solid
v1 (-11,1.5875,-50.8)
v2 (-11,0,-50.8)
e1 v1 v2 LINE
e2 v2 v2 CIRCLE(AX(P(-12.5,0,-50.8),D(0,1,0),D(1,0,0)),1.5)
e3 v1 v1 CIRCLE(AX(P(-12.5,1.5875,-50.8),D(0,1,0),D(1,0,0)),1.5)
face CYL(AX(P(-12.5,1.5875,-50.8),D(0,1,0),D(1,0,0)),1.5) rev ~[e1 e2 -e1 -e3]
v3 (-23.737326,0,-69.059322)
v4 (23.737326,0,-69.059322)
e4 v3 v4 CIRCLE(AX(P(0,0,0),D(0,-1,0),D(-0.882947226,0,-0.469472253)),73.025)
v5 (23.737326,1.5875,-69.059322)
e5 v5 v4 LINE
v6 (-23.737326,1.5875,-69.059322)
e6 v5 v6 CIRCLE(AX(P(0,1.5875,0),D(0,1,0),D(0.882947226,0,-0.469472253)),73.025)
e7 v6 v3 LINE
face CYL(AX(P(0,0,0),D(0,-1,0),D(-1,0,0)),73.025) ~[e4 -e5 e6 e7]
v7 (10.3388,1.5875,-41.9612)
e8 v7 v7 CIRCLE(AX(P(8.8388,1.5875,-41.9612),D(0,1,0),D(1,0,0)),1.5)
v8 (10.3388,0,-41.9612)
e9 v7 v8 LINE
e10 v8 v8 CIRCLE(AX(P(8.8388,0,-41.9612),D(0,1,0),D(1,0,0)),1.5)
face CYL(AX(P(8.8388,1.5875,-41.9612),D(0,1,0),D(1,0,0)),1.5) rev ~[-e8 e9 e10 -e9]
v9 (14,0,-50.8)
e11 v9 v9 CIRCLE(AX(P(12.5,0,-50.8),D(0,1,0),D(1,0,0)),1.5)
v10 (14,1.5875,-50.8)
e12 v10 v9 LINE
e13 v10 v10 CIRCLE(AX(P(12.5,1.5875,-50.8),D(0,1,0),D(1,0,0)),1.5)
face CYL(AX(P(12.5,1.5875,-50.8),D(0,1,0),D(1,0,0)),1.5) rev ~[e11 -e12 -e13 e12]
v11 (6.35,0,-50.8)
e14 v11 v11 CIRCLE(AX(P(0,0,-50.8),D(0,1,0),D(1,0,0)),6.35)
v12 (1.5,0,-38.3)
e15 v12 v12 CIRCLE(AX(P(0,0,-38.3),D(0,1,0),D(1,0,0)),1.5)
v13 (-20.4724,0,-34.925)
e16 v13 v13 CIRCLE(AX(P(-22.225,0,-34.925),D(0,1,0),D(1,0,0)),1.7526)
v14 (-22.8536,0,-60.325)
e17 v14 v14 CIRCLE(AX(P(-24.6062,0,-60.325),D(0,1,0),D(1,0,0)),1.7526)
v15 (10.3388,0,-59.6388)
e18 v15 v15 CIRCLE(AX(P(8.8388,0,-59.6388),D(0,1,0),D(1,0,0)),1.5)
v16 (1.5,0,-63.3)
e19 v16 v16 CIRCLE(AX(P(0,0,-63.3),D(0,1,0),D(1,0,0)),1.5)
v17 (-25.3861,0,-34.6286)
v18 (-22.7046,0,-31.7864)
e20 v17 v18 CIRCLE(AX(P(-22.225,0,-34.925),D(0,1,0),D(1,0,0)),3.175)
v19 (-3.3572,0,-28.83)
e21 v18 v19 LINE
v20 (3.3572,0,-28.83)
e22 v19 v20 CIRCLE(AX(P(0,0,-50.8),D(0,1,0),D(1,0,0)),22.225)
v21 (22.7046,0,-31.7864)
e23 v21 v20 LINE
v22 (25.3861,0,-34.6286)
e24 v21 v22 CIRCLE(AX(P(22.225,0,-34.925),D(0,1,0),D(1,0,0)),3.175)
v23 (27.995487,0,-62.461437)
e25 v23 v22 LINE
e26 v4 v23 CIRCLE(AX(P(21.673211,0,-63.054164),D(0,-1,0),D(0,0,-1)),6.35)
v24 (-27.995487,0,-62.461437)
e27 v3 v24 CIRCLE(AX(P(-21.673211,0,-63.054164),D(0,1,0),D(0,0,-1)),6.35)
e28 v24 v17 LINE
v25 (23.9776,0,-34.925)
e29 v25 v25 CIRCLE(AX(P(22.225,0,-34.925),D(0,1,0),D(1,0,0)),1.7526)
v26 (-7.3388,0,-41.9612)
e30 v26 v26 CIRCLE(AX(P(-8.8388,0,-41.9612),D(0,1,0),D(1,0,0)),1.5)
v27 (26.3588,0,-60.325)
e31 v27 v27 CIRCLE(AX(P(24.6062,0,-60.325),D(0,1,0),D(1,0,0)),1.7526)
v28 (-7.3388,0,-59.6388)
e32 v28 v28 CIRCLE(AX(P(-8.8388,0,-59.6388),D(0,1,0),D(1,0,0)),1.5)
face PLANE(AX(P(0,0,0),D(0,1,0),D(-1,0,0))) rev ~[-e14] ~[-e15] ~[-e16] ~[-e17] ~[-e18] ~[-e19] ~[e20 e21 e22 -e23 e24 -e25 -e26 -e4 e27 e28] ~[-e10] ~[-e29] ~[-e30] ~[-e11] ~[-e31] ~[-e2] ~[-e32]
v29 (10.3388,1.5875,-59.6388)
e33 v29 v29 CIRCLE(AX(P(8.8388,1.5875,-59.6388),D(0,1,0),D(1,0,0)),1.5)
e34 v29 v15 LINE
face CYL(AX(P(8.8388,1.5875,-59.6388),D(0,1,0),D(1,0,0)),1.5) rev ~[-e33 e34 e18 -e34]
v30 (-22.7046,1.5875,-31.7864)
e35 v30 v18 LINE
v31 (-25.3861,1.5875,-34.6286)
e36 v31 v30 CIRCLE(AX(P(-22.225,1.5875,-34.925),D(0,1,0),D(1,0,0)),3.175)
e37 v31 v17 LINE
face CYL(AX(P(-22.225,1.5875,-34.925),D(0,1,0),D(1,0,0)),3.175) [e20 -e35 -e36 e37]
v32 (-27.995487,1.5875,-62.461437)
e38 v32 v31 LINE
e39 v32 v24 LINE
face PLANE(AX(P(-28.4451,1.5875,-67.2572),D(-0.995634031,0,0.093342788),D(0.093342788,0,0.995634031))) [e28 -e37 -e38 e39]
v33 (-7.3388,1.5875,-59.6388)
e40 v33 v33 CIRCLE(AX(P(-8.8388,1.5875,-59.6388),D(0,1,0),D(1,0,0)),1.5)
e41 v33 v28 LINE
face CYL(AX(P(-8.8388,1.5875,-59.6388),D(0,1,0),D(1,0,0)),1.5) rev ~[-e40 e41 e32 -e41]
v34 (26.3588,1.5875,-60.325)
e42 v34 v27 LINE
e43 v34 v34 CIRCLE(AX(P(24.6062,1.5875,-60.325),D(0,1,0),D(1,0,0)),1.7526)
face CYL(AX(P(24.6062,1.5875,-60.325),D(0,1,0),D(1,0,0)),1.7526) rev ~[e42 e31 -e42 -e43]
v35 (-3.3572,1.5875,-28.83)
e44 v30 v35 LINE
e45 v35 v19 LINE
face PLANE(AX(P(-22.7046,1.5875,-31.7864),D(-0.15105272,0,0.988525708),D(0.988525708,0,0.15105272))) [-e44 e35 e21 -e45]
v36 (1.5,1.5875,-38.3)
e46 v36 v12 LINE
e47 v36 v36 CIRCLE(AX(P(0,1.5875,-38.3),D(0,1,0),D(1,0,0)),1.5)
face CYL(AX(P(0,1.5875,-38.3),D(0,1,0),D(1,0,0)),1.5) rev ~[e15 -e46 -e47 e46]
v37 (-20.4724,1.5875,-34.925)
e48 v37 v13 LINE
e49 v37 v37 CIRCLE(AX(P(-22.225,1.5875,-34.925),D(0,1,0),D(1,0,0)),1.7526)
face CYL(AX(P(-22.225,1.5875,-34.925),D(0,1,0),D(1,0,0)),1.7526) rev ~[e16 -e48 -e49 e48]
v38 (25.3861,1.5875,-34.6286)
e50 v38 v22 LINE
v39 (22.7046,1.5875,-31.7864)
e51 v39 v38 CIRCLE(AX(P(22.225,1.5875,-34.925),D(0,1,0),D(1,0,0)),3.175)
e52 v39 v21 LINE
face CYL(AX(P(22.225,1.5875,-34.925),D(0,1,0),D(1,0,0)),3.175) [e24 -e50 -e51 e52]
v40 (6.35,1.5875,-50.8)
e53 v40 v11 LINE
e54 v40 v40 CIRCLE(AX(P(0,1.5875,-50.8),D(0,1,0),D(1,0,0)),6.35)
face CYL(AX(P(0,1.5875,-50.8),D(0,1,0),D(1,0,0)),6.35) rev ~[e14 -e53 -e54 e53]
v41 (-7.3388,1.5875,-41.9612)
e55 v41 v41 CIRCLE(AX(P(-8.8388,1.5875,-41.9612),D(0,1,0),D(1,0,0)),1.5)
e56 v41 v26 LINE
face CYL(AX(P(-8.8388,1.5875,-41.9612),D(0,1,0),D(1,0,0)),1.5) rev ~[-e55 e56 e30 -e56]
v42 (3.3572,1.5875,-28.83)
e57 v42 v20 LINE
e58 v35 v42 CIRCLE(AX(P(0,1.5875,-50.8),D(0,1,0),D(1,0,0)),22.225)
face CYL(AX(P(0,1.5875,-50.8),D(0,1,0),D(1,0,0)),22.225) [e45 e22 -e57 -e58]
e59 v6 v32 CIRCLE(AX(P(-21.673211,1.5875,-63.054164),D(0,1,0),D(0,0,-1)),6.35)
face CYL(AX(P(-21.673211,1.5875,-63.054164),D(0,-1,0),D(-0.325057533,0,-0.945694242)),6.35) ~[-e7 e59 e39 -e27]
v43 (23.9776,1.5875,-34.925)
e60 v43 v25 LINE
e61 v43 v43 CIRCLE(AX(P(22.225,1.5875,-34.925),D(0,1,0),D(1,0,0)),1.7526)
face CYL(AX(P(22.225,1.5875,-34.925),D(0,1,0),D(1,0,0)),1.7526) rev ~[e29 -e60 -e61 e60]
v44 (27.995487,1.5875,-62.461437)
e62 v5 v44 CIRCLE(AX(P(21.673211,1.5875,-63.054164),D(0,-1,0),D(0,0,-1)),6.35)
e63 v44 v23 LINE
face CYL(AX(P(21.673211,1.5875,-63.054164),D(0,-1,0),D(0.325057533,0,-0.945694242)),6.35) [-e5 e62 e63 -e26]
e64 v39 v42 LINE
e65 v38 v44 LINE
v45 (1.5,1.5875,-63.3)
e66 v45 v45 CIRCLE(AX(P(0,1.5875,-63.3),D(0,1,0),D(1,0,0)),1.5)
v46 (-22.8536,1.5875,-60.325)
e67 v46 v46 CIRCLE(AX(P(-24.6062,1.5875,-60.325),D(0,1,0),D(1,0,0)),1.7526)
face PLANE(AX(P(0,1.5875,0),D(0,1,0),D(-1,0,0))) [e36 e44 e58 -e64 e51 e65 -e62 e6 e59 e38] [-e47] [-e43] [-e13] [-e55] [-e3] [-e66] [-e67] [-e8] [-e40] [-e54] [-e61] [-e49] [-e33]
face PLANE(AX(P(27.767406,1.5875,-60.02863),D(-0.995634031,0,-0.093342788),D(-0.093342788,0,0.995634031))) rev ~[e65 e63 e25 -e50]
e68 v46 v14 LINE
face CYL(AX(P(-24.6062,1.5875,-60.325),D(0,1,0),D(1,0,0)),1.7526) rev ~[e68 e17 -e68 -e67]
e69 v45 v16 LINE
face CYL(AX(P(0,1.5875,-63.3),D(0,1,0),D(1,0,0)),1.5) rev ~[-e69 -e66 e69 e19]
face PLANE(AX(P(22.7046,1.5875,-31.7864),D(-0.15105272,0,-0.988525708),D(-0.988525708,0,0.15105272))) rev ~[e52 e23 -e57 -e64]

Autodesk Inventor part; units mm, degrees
ref_plane "YZ Plane" through (0, 0, 0) normal (1, 0, 0) x (0, 1, 0)
ref_plane "XZ Plane" through (0, 0, 0) normal (0, 1, 0) x (-1, 0, 0)
ref_plane "XY Plane" through (0, 0, 0) normal (0, 0, 1) x (1, 0, 0)
sketch "Sketch1" plane through (0, 0, 0) normal (0, 1, 0) x (-1, 0, 0)
  circle A0 centre (0, 0) radius 73.025
  line L0 (0, 0) -> (0, -73.025) construction
  line L1 (0, 0) -> (-12.6807, -71.9156)
  line L2 (0, 0) -> (12.6807, -71.9156)
  line L3 (0, 0) -> (72.3143, -10.1631)
  line L4 (0, 0) -> (64.4772, -34.2832)
  line L5 (0, 0) -> (32.0121, 65.6344)
  line L6 (0, 0) -> (52.5298, 50.7274)
  line L7 (0, 0) -> (-52.5298, 50.7274)
  line L8 (0, 0) -> (-32.0121, 65.6344)
  line L9 (0, 0) -> (-64.4772, -34.2832)
  line L10 (0, 0) -> (-72.3143, -10.1631)
  circle A1 centre (0, 0) radius 69.85
  arc A2 (4.7597, -69.6876) -> (-4.7597, -69.6876) centre (0, -69.85) ccw
  arc A3 (67.7477, -17.0079) -> (64.806, -26.0614) centre (66.4313, -21.5848) ccw
  arc A4 (37.1107, 59.1762) -> (44.8121, 53.5808) centre (41.0568, 56.5098) ccw
  arc A5 (-44.8121, 53.5808) -> (-37.1107, 59.1762) centre (-41.0568, 56.5098) ccw
  arc A6 (-64.806, -26.0614) -> (-67.7477, -17.0079) centre (-66.4313, -21.5848) ccw
  point P0 (61.6739, -32.7926)
  point P1 (69.1702, -9.7212)
  point P2 (50.2459, 48.5219)
  point P3 (30.6202, 62.7808)
  point P4 (-30.6202, 62.7808)
  point P5 (-50.2459, 48.5219)
  point P6 (-69.1702, -9.7212)
  point P7 (-61.6739, -32.7926)
  point P8 (-12.1293, -68.7888)
  point P9 (12.1293, -68.7888)
  point P10 (64.806, -26.0614)
  point P11 (67.7477, -17.0079)
  point P12 (44.8121, 53.5808)
  point P13 (37.1107, 59.1762)
  point P14 (-37.1107, 59.1762)
  point P15 (-67.7477, -17.0079)
  dimension "d0" = 146.05
  dimension "d1" = 10
  dimension "d4" = 360
  dimension "d6" = 3.175
  dimension "d10" = 9.525
  dimension "d13" = 360
extrude "Extrusion1" add sketch "Sketch1" along normal blind 1.5875 contours A0 L3 A1 L6 | L5 A1 L8 A0 | A1 L3 L6 | L6 L5 A1 A4 | A0 L2 A1 L4 | A1 A3 L4 L3 | L5 L8 A1 | L2 A1 A2 L1 | L4 A1 L2 | L10 A1 L7 | L7 A1 A5 L8 | L1 A1 L9 | L9 A1 A6 L10 | A0 L1 A1 L2 | L7 A1 L10 A0 | L1 A0 L9 A1 | A2 A1
fillet "Fillet1" radius 1.5875 24 edges at (30.6202, 0.7937, 62.7808) (32.0121, 0.7937, 65.6344) (-30.6202, 0.7937, 62.7808) (-32.0121, 0.7937, 65.6344) (-52.5298, 0.7937, 50.7274) (-50.2459, 0.7937, 48.5219) (52.5298, 0.7937, 50.7274) (50.2459, 0.7937, 48.5219) (64.4772, 0.7937, -34.2832) (61.6739, 0.7937, -32.7926) (72.3143, 0.7937, -10.1631) (69.1702, 0.7937, -9.7212) (-72.3143, 0.7937, -10.1631) (-69.1702, 0.7937, -9.7212) (-64.4772, 0.7937, -34.2832) (-61.6739, 0.7937, -32.7926) (37.1107, 0.7937, 59.1762) (44.8121, 0.7937, 53.5808) (-44.8121, 0.7937, 53.5808) (-37.1107, 0.7937, 59.1762) (-64.806, 0.7937, -26.0614) (-67.7477, 0.7937, -17.0079) (67.7477, 0.7937, -17.0079) (64.806, 0.7937, -26.0614)
sketch "Sketch5" plane through (0, 1.5875, 0) normal (0, 1, 0) x (1, 0, 0)
  line L0 (0, 0) -> (0, 65.0875) construction
  circle A0 centre (0, 50.8) radius 22.225
  arc A1 (63.6995, 35.7075) -> (-63.6995, 35.7075) centre (0, 0) ccw projected
  circle A2 centre (0, 50.8) radius 12.5 construction
  circle A3 centre (-24.6062, 60.325) radius 1.7526
  circle A4 centre (-24.6062, 60.325) radius 3.175 construction
  circle A5 centre (-22.225, 34.925) radius 3.175
  circle A6 centre (-22.225, 34.925) radius 1.7526
  circle A7 centre (24.6062, 60.325) radius 1.7526
  circle A8 centre (24.6062, 60.325) radius 3.175
  circle A9 centre (22.225, 34.925) radius 3.175
  circle A10 centre (22.225, 34.925) radius 1.7526
  arc A11 (-62.3874, 31.414) -> (-64.248, 27.4085) centre (0, 0) ccw projected
  arc A12 (63.6995, 35.7075) -> (-63.6995, 35.7075) centre (0, 0) ccw projected
  line L1 (-28.4451, 67.2572) -> (-25.3861, 34.6286)
  line L2 (-22.7046, 31.7864) -> (-3.3572, 28.83)
  line L3 (28.4451, 67.2572) -> (25.3861, 34.6286)
  line L4 (22.7046, 31.7864) -> (3.3572, 28.83)
  circle A13 centre (0, 63.3) radius 1.5
  circle A14 centre (-8.8388, 59.6388) radius 1.5
  circle A15 centre (-12.5, 50.8) radius 1.5
  circle A16 centre (-8.8388, 41.9612) radius 1.5
  circle A17 centre (0, 50.8) radius 6.35
  circle A18 centre (0, 0) radius 73.025
  circle A19 centre (0, 38.3) radius 1.5
  circle A20 centre (8.8388, 41.9612) radius 1.5
  circle A21 centre (12.5, 50.8) radius 1.5
  circle A22 centre (8.8388, 59.6388) radius 1.5
  point P0 (-63.6995, 35.7075)
  dimension "d39" = 25
  dimension "d40" = 44.45
  dimension "d41" = 3.5052
  dimension "d42" = 6.35
  dimension "d43" = 9.525
  dimension "d44" = 24.6062
  dimension "d45" = 6.35
  dimension "d46" = 3.5052
  dimension "d47" = 15.875
  dimension "d48" = 22.225
  dimension "d63" = 3
  dimension "d66" = 360
  dimension "d68" = 12.7
extrude "Extrusion3" cut sketch "Sketch5" against normal blind 25.4 contours A0 L4 A9 L3 A1 A18 L1 A5 L2 | A3 | A6 | A7 | A10 | A13 | A14 | A15 | A16 | A17 | A19 | A20 | A21 | A22
fillet "Fillet4" radius 6.35 2 edges at (-28.4451, 0.7937, -67.2572) (28.4451, 0.7937, -67.2572)
sketch "Sketch7" plane through (0, 1.5875, 0) normal (0, 1, 0) x (1, 0, 0)
  arc A0 (27.9955, 62.4615) -> (23.7373, 69.0593) centre (21.6732, 63.0542) ccw projected
  arc A1 (23.7373, 69.0593) -> (-23.7373, 69.0593) centre (0, 0) ccw projected
  arc A2 (-23.7373, 69.0593) -> (-27.9955, 62.4615) centre (-21.6732, 63.0542) ccw projected
  line L0 (-27.9955, 62.4615) -> (-25.3861, 34.6286) projected
  arc A3 (-25.3861, 34.6286) -> (-22.7046, 31.7864) centre (-22.225, 34.925) ccw projected
  line L1 (-22.7046, 31.7864) -> (-3.3572, 28.83) projected
  arc A4 (-3.3572, 28.83) -> (3.3572, 28.83) centre (0, 50.8) ccw projected
  line L2 (3.3572, 28.83) -> (22.7046, 31.7864) projected
  arc A5 (22.7046, 31.7864) -> (25.3861, 34.6286) centre (22.225, 34.925) ccw projected
  line L3 (25.3861, 34.6286) -> (27.9955, 62.4615) projected
  circle A6 centre (8.8388, 41.9612) radius 1.5 projected
  circle A7 centre (-8.8388, 59.6388) radius 1.5 projected
  circle A8 centre (22.225, 34.925) radius 1.7526 projected
  circle A9 centre (-22.225, 34.925) radius 1.7526 projected
  circle A10 centre (0, 63.3) radius 1.5 projected
  circle A11 centre (12.5, 50.8) radius 1.5 projected
  circle A12 centre (0, 38.3) radius 1.5 projected
  circle A13 centre (0, 50.8) radius 6.35 projected
  circle A14 centre (24.6062, 60.325) radius 1.7526 projected
  circle A15 centre (-24.6062, 60.325) radius 1.7526 projected
  circle A16 centre (-12.5, 50.8) radius 1.5 projected
  circle A17 centre (-8.8388, 41.9612) radius 1.5 projected
  circle A18 centre (8.8388, 59.6388) radius 1.5 projected
  circle A19 centre (0, 50.8) radius 19.05
  line L4 (-18.9668, 49.0219) -> (-17.2732, 30.9565)
  line L5 (-3.3572, 28.83) -> (-22.7046, 31.7864) projected
  line L6 (-27.9955, 62.4615) -> (-25.3861, 34.6286) projected
  arc A20 (23.7373, 69.0593) -> (-23.7373, 69.0593) centre (0, 0) ccw projected
  line L7 (0, 73.025) -> (0, 28.575) construction
  line L8 (18.9668, 49.0219) -> (17.2732, 30.9565)
  dimension "d70" = 38.1
equation "\"d45\" = d42"
equation "\"d46\" = d41"
properties part number "Top Plate" material "Aluminum 6061"
